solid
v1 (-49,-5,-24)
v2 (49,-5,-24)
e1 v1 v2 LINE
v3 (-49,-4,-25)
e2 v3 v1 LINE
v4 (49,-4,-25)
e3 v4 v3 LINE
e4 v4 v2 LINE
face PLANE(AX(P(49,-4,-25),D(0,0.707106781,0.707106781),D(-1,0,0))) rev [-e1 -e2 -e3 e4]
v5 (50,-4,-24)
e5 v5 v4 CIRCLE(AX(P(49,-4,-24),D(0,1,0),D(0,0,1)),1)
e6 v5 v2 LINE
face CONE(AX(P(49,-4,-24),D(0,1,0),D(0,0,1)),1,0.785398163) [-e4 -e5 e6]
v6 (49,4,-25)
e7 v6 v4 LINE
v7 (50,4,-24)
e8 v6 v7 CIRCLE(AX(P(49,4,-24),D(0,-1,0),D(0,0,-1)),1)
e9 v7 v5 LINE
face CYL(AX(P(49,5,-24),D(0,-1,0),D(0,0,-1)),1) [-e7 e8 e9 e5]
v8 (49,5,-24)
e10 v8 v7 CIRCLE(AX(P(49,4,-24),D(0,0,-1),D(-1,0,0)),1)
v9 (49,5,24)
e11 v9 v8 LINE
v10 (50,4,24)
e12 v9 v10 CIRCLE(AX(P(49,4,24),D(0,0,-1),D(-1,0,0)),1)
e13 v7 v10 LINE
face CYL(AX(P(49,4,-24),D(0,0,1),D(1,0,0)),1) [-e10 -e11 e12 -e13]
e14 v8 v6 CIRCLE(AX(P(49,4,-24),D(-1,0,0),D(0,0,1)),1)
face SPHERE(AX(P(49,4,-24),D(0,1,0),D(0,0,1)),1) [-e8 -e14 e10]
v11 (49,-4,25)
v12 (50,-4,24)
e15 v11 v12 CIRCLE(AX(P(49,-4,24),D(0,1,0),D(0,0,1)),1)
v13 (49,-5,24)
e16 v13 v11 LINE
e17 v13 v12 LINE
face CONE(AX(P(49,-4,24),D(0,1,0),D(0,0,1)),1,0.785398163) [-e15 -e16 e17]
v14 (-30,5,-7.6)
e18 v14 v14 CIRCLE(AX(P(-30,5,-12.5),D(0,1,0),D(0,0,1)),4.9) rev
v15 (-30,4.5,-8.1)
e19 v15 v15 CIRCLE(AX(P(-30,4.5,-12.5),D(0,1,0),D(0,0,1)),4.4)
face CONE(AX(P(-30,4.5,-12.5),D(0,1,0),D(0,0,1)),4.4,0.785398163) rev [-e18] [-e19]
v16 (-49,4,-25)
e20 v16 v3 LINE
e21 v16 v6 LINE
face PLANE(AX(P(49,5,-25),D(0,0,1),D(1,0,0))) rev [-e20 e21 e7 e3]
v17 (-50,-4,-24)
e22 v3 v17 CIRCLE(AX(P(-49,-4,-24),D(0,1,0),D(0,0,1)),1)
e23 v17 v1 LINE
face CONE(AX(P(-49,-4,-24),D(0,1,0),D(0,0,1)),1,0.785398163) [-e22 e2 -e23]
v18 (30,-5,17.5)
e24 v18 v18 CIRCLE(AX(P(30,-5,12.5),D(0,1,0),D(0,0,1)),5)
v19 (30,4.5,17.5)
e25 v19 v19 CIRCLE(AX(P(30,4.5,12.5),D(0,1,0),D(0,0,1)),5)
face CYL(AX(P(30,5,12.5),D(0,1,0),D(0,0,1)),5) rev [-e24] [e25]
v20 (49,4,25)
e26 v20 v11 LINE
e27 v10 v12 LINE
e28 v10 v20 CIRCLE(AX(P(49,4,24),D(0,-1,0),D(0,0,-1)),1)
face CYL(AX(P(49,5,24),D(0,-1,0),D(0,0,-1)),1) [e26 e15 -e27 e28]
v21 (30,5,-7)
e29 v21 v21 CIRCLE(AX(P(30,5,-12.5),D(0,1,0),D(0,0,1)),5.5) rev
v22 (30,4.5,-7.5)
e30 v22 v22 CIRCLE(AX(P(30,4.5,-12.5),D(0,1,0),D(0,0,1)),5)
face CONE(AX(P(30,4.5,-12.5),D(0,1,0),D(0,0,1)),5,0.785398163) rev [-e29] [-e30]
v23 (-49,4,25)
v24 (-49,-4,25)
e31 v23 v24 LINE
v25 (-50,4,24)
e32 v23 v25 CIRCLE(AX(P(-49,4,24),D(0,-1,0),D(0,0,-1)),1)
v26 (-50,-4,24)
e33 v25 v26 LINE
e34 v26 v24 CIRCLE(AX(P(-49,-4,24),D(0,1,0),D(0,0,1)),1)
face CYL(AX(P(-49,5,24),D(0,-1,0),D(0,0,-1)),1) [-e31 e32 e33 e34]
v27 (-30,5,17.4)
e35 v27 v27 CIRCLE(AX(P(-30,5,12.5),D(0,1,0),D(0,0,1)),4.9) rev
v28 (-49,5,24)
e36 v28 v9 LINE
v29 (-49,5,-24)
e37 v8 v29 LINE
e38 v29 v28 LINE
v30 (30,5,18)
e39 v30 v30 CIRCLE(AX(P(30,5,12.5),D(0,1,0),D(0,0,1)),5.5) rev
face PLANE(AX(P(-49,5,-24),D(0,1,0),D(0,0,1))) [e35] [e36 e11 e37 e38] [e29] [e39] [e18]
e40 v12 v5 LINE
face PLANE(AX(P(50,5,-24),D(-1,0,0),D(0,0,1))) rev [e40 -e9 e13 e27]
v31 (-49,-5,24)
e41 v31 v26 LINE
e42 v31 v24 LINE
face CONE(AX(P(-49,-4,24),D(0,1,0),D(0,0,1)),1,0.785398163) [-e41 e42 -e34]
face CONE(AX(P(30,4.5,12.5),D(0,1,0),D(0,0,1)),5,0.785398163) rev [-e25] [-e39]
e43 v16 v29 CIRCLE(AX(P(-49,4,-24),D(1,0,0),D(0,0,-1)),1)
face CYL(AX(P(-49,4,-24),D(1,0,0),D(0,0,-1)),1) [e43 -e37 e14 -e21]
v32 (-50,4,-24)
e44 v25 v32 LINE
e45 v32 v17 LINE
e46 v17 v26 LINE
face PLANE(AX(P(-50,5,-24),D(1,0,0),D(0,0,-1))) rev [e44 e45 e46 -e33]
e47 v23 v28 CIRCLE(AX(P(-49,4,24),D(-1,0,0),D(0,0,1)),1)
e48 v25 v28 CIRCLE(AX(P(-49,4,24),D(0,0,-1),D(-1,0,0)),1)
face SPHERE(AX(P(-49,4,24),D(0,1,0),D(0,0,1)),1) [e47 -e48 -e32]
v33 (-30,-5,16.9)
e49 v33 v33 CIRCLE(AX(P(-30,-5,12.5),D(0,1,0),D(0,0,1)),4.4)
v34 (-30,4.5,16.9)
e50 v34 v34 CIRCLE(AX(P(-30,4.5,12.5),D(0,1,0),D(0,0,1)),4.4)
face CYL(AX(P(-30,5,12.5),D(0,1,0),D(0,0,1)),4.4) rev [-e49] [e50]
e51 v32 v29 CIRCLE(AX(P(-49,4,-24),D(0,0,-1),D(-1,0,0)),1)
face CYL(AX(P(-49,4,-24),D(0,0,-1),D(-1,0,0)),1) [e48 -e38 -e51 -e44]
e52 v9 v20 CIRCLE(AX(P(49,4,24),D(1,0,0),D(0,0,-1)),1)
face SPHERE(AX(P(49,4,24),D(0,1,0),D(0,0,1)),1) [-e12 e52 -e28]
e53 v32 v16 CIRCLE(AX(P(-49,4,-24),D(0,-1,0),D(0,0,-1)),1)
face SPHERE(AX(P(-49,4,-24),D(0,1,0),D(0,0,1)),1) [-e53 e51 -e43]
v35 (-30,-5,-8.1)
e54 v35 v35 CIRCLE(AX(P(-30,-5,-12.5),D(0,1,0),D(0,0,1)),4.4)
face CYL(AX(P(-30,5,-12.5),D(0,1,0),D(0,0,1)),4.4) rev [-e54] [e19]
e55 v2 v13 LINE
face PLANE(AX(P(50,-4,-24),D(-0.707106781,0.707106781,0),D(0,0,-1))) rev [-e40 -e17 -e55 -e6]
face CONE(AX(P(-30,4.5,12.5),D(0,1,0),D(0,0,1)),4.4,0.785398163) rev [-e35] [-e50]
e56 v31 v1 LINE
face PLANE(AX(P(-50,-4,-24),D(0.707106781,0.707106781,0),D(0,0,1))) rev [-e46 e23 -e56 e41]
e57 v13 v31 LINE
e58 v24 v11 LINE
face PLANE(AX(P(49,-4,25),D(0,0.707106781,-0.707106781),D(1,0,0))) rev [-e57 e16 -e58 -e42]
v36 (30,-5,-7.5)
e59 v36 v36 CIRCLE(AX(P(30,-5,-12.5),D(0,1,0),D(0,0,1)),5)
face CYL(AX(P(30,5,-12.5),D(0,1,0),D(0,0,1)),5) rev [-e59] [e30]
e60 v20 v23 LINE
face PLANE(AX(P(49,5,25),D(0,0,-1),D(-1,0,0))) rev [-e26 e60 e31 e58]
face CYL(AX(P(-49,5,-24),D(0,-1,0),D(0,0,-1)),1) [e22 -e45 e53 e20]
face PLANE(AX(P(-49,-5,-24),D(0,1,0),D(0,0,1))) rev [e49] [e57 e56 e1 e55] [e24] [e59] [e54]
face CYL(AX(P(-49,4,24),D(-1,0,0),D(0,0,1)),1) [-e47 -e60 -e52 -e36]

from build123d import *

# Parameters (mm, degrees)
BOSS_EXTRUDE1_DEPTH        = 5
FILLET1_R                  = 1
CHAMFER2_SIZE              = 1
M10X1_25_TAPPED_HOLE1_D    = 8.8
F_10_0_10_DIAMETER_HOLE1_D = 10
CHAMFER3_SIZE              = 0.5


with BuildPart() as part:
    # Sketch2 → Boss-Extrude1 (new, symmetric)
    with BuildSketch(Plane(origin=(0, 0, 0), x_dir=(1, 0, 0), z_dir=(0, 1, 0))):
        with BuildLine():
            Line((49, 25), (-49, 25))
            ThreePointArc((-49, 25), (-49.707106781, 24.707106781), (-50, 24))
            Line((-50, 24), (-50, -24))
            ThreePointArc((-50, -24), (-49.707106781, -24.707106781), (-49, -25))
            Line((-49, -25), (49, -25))
            ThreePointArc((49, -25), (49.707106781, -24.707106781), (50, -24))
            Line((50, -24), (50, 24))
            ThreePointArc((50, 24), (49.707106781, 24.707106781), (49, 25))
        make_face()
    extrude(amount=BOSS_EXTRUDE1_DEPTH, both=True)

    # Fillet1
    fillet1_edges = [part.edges().sort_by_distance(p)[0] for p in [
        (-49.707106781, 5, 24.707106781),
        (0, 5, 25),
        (49.707106781, 5, 24.707106781),
        (50, 5, 0),
        (49.707106781, 5, -24.707106781),
        (0, 5, -25),
        (-49.707106781, 5, -24.707106781),
        (-50, 5, 0),
    ]]
    fillet(fillet1_edges, radius=FILLET1_R)

    # Chamfer2
    chamfer2_edges = [part.edges().sort_by_distance(p)[0] for p in [
        (0, -5, 25),
        (-49.707106781, -5, 24.707106781),
        (-50, -5, 0),
        (-49.707106781, -5, -24.707106781),
        (0, -5, -25),
        (49.707106781, -5, -24.707106781),
        (50, -5, 0),
        (49.707106781, -5, 24.707106781),
    ]]
    chamfer(chamfer2_edges, length=CHAMFER2_SIZE)

    # M10x1.25 Tapped Hole1 (through all)
    with Locations(Plane(origin=(-30, 5, -12.5), x_dir=(0, 0, 1), z_dir=(0, 1, 0))):
        with Locations((0, 0), (25, 0)):
            Hole(M10X1_25_TAPPED_HOLE1_D / 2)

    # 10.0 _10_ Diameter Hole1 (through all)
    with Locations(Plane(origin=(30, 5, -12.5), x_dir=(0, 0, 1), z_dir=(0, 1, 0))):
        with Locations((0, 0), (25, 0)):
            Hole(F_10_0_10_DIAMETER_HOLE1_D / 2)

    # Chamfer3
    chamfer3_edges = [part.edges().sort_by_distance(p)[0] for p in [
        (-30, 5, 16.9),
        (-30, 5, -8.1),
        (30, 5, 17.5),
        (30, 5, -7.5),
    ]]
    chamfer(chamfer3_edges, length=CHAMFER3_SIZE)


solid = part.part
